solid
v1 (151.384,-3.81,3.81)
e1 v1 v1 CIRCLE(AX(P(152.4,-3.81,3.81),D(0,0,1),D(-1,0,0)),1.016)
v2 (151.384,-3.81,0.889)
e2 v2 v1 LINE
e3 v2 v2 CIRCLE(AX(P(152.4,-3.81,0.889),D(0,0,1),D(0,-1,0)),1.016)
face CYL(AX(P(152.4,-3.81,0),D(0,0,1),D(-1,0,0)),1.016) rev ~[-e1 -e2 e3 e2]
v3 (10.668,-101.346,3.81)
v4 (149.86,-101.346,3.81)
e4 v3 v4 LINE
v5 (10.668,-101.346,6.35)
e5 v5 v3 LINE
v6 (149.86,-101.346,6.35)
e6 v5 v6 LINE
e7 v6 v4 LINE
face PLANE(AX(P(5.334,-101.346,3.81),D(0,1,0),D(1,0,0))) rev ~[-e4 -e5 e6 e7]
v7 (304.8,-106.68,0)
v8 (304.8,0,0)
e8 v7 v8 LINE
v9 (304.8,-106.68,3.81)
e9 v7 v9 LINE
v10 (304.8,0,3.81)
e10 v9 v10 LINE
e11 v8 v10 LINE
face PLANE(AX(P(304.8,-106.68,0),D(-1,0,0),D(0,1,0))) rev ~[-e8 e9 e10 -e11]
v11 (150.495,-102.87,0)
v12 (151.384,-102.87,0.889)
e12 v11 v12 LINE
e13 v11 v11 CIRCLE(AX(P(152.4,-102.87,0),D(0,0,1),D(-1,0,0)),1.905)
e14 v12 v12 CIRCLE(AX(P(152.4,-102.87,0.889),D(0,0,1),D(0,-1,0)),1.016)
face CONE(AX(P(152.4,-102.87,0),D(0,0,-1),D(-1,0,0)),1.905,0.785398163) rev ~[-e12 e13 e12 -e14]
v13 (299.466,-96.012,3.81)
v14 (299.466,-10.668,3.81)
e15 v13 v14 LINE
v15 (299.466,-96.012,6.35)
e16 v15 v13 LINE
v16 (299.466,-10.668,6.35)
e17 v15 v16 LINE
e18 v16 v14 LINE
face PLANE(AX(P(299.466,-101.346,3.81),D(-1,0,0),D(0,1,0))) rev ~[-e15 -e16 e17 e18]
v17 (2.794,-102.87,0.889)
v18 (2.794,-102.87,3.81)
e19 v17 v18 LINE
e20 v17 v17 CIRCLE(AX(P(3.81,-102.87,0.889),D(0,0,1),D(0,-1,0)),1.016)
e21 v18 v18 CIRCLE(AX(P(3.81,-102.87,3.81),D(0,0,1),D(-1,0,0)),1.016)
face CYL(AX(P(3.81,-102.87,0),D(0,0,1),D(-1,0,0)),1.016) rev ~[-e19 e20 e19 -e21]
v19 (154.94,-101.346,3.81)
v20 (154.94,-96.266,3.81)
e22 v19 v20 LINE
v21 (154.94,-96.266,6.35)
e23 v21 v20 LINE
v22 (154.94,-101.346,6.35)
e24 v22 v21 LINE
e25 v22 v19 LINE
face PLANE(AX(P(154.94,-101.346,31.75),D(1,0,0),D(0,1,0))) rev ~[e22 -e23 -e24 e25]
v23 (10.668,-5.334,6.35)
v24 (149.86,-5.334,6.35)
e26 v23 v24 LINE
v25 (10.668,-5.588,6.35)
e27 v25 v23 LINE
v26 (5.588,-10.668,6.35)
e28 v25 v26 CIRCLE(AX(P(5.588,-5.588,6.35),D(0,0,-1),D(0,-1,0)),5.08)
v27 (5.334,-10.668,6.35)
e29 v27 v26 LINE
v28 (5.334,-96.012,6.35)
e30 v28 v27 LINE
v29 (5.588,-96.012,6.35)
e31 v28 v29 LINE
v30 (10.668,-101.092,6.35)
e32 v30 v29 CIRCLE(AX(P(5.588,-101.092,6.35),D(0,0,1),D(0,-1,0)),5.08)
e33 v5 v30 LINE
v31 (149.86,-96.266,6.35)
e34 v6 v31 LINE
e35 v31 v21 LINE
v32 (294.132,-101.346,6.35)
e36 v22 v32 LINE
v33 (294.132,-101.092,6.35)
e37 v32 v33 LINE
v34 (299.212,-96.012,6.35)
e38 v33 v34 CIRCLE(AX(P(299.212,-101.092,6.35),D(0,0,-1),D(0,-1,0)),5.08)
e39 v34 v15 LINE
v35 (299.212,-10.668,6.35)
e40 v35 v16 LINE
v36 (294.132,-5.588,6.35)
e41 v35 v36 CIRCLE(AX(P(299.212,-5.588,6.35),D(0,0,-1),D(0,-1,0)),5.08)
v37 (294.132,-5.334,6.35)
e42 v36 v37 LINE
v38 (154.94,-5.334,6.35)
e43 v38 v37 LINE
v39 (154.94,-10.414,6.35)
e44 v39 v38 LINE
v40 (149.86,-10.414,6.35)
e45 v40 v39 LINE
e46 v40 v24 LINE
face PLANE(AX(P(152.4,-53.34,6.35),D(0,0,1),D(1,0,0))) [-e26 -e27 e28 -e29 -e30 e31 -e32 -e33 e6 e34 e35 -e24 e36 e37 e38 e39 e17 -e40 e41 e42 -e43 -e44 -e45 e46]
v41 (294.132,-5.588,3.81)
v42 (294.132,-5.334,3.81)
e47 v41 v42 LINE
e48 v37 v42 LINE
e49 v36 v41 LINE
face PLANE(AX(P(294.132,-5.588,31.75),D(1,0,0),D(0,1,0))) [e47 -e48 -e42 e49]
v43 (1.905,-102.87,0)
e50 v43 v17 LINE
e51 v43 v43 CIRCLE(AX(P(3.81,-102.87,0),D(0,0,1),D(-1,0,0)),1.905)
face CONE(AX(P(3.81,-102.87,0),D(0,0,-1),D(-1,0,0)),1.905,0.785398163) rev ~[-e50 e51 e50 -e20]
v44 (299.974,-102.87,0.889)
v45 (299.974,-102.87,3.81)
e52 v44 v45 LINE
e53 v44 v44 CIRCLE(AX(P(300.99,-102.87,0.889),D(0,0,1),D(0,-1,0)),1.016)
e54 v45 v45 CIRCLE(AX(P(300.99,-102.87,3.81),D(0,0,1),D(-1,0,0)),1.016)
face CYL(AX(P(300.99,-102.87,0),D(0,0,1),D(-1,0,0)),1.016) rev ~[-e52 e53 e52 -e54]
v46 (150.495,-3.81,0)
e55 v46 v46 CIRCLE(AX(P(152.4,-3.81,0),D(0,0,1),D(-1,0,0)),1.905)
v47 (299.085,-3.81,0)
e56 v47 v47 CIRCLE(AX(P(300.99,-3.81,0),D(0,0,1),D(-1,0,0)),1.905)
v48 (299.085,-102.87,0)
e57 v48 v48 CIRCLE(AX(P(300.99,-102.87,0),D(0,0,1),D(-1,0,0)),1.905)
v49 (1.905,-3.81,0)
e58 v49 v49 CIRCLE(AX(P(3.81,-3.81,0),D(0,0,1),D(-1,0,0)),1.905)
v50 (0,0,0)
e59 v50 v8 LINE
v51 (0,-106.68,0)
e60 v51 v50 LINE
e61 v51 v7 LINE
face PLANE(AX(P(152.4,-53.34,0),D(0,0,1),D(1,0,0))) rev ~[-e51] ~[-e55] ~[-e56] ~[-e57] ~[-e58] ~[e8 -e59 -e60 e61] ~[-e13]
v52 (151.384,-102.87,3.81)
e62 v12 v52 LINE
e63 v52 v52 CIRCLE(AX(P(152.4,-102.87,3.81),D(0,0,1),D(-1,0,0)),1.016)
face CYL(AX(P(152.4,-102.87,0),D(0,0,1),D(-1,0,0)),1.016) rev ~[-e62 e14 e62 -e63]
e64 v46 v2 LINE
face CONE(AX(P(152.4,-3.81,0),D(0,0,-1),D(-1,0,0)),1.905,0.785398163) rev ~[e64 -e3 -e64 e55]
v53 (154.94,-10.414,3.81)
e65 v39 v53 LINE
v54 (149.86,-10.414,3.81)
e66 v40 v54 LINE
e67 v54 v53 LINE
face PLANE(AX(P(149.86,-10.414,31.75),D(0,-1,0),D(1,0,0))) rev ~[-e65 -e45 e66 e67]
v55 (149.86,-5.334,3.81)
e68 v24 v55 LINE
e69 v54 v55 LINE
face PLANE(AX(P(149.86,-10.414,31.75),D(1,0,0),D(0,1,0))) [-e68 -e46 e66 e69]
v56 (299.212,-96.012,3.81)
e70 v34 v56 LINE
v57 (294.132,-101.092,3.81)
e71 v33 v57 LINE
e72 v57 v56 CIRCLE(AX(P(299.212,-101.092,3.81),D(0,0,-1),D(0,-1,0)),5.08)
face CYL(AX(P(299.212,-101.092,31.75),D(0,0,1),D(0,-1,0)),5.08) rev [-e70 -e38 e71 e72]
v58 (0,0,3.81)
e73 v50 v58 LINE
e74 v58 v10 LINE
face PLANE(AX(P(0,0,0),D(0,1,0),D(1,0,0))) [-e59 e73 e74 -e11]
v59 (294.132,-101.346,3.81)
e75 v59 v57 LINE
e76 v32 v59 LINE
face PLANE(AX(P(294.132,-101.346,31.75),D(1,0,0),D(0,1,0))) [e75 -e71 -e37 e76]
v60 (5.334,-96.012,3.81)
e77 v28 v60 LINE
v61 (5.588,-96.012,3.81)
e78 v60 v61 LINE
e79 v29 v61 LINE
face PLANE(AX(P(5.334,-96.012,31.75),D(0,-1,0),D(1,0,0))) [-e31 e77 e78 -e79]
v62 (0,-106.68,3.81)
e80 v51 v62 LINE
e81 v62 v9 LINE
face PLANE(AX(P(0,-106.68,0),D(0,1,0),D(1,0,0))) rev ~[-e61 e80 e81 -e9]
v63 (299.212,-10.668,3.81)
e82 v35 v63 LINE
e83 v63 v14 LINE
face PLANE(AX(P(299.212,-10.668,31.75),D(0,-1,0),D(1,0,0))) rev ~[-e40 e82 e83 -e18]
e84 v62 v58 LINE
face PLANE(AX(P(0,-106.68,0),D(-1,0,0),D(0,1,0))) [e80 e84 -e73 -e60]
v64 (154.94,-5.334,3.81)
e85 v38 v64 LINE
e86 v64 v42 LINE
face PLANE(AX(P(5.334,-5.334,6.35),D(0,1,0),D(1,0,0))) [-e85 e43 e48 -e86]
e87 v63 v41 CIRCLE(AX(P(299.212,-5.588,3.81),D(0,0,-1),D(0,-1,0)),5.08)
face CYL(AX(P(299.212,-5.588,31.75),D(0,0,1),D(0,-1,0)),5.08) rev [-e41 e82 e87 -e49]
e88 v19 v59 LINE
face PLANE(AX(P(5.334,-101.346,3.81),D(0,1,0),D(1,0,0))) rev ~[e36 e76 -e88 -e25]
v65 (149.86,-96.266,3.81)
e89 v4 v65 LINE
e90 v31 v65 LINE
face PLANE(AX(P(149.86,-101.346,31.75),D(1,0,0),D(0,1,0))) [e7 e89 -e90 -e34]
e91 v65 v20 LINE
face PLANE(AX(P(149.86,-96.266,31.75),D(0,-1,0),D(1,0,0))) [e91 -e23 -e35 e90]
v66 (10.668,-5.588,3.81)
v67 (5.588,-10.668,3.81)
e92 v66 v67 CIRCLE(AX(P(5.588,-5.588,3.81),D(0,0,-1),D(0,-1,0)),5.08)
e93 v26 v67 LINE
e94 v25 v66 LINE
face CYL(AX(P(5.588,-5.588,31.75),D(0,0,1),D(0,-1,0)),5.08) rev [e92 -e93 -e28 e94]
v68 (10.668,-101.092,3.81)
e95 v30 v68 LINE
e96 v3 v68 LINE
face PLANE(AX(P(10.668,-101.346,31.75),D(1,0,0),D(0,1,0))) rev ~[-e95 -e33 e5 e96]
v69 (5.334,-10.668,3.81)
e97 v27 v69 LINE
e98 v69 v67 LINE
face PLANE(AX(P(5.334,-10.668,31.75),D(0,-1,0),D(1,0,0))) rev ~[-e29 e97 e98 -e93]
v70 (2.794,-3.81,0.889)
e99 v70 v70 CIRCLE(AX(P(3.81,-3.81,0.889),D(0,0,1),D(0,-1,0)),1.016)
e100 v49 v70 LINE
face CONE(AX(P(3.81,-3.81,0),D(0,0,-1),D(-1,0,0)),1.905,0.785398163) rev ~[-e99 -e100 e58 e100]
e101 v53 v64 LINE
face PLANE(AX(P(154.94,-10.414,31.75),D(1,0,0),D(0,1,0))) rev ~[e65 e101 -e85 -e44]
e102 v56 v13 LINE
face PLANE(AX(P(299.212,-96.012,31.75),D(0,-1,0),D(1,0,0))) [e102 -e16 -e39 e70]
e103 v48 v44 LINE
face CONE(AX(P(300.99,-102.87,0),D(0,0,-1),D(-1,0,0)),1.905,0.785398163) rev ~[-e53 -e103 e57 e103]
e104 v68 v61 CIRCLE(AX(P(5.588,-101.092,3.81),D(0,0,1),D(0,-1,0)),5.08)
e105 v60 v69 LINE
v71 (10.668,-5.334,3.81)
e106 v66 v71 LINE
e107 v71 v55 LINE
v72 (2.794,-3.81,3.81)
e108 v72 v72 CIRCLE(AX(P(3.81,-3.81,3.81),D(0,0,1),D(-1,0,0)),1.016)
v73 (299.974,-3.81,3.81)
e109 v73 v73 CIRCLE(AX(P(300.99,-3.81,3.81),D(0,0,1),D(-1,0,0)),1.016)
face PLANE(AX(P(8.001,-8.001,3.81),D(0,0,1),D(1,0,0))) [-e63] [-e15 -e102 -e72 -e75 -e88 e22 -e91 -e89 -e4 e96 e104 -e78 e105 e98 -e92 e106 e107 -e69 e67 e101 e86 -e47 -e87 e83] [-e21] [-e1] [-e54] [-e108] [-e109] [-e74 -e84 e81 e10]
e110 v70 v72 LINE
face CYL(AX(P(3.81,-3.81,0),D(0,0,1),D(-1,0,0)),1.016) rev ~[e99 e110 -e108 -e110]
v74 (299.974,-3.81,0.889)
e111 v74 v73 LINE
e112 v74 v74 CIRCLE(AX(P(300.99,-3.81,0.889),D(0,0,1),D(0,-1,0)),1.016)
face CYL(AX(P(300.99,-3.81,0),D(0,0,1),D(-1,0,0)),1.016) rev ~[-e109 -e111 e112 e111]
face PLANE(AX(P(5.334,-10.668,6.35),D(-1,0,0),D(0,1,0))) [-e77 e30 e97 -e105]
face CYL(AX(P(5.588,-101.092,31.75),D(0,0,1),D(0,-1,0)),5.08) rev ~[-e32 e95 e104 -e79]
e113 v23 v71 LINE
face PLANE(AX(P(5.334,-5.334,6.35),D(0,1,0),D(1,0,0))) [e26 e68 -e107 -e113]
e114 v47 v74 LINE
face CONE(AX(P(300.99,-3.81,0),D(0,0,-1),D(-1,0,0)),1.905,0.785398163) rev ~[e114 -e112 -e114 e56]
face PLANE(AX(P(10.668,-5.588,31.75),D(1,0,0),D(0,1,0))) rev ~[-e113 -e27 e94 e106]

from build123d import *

# Parameters (mm, degrees)
F0_W            = 304.8
F0_H            = 106.68
F1_DEPTH        = 3.81
F2_W            = 294.132
F2_H            = 96.012
F3_DEPTH        = 2.54
F4_W            = 5.334
F4_H            = 5.334
F4_W_2          = 5.08
F4_H_2          = 5.08
F5_DEPTH        = 25.4
F6_R            = 5.08
F7_DEPTH        = 27.94
F9_DEPTH        = 27.94
F10_D           = 2.032
F10_DEPTH       = 12.7
F10_CSINK_D     = 3.81
F10_CSINK_ANGLE = 90
F10_TIP         = 0.6104743889


with BuildPart() as f1:
    # F0 (on Top) → F1 (new body)
    with BuildSketch(Plane.XY):
        with Locations((152.4, -53.34)):
            Rectangle(F0_W, F0_H)
    extrude(amount=F1_DEPTH)

    # F2 (on face) → F3 (join)
    with BuildSketch(Plane.XY.offset(3.81)):
        with Locations((152.4, -53.34)):
            Rectangle(F2_W, F2_H)
    extrude(amount=F3_DEPTH)

    # F4 (on face) → F5 (join)
    with BuildSketch(Plane.XY.offset(6.35)):
        with Locations((8.001, -8.001)):
            Rectangle(F4_W, F4_H)
        with Locations((8.001, -98.679)):
            Rectangle(F4_W, F4_H)
        with Locations((296.799, -8.001)):
            Rectangle(F4_W, F4_H)
        with Locations((296.799, -98.679)):
            Rectangle(F4_W, F4_H)
        with Locations((152.4, -7.874)):
            Rectangle(F4_W_2, F4_H_2)
        with Locations((152.4, -98.806)):
            Rectangle(F4_W_2, F4_H_2)
    extrude(amount=F5_DEPTH)

    # F6
    f6_edges = [f1.edges().sort_by_distance(p)[0] for p in [
        (294.132, -96.012, 19.05),
        (294.132, -10.668, 19.05),
        (10.668, -10.668, 19.05),
        (10.668, -96.012, 19.05),
    ]]
    fillet(f6_edges, radius=F6_R)

    # F7 (cut): faces of the model
    f7_faces = [f1.faces().sort_by_distance(p)[0] for p in [
        (7.6306507319, -7.6306507319, 31.75),
        (7.6306507319, -99.0493492681, 31.75),
        (297.1693492681, -7.6306507319, 31.75),
        (297.1693492681, -99.0493492681, 31.75),
    ]]
    extrude(f7_faces, amount=-F7_DEPTH, mode=Mode.SUBTRACT)

    # F9 (cut): faces of the model
    f9_faces = [f1.faces().sort_by_distance(p)[0] for p in [
        (152.4, -7.874, 31.75),
        (152.4, -98.806, 31.75),
    ]]
    extrude(f9_faces, amount=-F9_DEPTH, mode=Mode.SUBTRACT)

    # F10
    with Locations(Plane(origin=(0, 0, 0), x_dir=(1, 0, 0), z_dir=(0, 0, -1))):
        with Locations((3.81, 102.87), (3.81, 3.81), (300.99, 102.87), (300.99, 3.81), (152.4, 3.81), (152.4, 102.87)):
            CounterSinkHole(F10_D / 2, F10_CSINK_D / 2, depth=F10_DEPTH, counter_sink_angle=F10_CSINK_ANGLE)
            with Locations((0, 0, -(F10_DEPTH + F10_TIP / 2))):  # 118° drill point
                Cone(0, F10_D / 2, F10_TIP, mode=Mode.SUBTRACT)


solid = f1.part
